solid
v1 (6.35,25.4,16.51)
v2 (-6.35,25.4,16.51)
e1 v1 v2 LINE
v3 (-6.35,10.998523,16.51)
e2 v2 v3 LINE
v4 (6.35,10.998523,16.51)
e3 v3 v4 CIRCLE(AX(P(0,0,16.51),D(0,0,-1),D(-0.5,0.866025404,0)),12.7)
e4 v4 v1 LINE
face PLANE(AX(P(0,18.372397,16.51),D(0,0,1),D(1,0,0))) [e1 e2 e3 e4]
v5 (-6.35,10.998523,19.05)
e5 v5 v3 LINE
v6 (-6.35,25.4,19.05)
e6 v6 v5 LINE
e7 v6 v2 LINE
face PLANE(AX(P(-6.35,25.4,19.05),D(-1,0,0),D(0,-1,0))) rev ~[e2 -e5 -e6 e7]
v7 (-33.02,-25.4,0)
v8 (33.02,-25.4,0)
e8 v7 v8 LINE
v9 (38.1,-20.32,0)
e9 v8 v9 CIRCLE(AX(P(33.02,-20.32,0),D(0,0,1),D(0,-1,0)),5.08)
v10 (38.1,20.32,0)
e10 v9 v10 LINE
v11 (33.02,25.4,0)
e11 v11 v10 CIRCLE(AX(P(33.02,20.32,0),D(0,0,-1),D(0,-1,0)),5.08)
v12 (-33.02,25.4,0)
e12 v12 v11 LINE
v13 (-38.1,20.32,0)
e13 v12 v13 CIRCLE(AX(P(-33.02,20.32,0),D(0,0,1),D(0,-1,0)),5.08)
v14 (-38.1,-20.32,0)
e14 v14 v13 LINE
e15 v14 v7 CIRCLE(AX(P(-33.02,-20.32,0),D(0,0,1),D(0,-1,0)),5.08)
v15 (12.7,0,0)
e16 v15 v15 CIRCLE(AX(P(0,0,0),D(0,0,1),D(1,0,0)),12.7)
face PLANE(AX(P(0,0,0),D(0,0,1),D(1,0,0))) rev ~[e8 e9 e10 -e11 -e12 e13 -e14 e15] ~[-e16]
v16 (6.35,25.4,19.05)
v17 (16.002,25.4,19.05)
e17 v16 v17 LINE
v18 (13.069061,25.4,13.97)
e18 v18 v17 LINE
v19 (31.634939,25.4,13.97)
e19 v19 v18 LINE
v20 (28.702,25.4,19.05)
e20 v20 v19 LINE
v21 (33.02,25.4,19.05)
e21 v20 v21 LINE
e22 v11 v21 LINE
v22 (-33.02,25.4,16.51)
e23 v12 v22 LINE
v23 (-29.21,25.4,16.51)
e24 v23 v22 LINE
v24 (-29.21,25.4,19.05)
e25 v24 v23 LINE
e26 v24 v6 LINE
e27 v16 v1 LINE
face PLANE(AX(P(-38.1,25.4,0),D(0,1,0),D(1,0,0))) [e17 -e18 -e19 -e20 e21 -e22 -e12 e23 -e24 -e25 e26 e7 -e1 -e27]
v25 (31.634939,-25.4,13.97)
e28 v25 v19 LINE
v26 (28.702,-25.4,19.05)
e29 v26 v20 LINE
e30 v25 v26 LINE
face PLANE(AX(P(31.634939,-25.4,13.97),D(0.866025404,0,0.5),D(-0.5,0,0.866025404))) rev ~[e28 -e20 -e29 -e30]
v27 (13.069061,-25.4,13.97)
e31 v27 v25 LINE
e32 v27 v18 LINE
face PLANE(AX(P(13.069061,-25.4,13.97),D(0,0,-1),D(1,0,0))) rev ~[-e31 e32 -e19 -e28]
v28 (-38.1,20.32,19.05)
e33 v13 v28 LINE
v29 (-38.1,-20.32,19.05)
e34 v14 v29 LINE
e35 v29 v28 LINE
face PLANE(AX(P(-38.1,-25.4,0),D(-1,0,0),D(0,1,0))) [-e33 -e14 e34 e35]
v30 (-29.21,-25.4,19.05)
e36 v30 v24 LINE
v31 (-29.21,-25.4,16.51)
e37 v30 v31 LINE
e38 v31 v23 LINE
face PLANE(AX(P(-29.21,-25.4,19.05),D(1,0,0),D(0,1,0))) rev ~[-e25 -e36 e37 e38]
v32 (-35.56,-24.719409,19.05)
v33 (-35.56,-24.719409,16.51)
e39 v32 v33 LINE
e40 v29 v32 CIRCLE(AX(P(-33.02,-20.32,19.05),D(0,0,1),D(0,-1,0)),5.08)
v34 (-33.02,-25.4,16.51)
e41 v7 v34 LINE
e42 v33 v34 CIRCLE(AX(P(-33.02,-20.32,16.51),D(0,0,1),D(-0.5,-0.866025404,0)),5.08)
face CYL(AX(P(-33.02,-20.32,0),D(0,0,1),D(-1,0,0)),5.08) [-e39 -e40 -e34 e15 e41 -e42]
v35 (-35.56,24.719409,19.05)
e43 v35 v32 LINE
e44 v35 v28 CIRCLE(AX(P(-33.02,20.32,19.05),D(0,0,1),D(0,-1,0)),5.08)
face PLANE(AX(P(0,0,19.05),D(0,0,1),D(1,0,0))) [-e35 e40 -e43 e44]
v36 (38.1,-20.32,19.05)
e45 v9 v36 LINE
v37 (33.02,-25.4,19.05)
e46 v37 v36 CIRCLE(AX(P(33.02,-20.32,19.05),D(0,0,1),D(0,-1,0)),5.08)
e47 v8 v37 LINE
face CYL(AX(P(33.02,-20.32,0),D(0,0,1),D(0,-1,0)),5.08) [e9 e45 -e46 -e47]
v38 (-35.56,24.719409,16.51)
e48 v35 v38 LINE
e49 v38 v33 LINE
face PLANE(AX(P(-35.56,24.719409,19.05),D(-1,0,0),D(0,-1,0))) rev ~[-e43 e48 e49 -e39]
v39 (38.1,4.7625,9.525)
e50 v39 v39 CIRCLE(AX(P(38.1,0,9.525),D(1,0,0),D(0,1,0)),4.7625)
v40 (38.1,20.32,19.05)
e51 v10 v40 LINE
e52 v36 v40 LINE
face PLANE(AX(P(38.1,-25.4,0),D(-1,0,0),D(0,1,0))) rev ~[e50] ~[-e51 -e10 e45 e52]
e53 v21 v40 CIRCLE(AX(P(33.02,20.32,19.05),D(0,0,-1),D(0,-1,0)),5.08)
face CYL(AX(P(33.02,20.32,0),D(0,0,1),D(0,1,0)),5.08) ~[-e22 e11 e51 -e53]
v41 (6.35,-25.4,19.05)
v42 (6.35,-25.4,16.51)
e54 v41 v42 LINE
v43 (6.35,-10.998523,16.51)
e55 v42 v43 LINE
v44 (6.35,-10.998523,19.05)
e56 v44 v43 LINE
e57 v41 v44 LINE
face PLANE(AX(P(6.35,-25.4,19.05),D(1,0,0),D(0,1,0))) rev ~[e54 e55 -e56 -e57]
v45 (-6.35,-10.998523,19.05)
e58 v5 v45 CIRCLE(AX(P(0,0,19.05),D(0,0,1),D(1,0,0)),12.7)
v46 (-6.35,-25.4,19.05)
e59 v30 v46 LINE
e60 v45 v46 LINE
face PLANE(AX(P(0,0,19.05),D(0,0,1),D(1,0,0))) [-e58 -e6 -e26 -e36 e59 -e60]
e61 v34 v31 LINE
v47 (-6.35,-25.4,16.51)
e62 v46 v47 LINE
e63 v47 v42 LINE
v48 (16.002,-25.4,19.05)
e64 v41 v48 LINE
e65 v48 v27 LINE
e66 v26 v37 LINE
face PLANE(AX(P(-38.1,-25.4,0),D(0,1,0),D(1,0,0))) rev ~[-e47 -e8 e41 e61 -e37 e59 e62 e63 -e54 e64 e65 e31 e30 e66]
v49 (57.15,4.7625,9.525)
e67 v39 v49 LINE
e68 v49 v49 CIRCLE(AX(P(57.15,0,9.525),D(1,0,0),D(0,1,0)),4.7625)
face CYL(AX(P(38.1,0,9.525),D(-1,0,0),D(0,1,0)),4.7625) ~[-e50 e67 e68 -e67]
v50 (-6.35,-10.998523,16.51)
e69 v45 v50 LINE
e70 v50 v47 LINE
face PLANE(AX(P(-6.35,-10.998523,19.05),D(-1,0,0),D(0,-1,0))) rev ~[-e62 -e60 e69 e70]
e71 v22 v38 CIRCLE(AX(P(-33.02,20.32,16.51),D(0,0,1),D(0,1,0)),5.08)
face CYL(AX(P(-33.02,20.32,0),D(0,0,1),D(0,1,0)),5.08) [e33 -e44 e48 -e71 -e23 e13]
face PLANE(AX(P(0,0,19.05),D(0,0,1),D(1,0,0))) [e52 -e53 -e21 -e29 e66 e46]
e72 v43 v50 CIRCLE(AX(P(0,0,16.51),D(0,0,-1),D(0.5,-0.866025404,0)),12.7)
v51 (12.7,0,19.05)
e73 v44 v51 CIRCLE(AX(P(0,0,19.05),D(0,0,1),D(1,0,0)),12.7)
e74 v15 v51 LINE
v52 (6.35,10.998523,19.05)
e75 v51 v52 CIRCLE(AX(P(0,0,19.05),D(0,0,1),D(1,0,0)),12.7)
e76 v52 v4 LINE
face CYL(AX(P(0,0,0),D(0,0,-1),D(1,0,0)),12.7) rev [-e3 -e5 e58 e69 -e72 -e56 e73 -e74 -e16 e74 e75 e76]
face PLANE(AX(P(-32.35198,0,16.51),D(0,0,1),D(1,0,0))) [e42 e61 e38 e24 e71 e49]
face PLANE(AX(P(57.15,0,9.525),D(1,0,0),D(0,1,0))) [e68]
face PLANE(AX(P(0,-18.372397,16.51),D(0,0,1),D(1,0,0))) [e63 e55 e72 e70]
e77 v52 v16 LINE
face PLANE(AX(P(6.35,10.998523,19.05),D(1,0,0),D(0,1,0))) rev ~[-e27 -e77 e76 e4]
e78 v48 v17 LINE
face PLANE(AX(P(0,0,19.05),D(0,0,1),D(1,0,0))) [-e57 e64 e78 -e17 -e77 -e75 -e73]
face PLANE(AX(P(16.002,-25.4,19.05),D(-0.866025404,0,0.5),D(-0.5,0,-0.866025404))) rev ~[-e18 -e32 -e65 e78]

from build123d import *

# Parameters (mm, degrees)
F0_W      = 76.2
F0_H      = 50.8
F0_R      = 12.7
F1_DEPTH  = 19.05
F2_R      = 5.08
F3_R      = 5.08
F4_R      = 5.08
F6_DEPTH  = 2.54
F7_R      = 4.7625
F8_DEPTH  = 19.05
F10_DEPTH = 50.801


with BuildPart() as f1:
    # F0 (on Top) → F1 (new body)
    with BuildSketch(Plane.XY):
        Rectangle(F0_W, F0_H)
        Circle(F0_R, mode=Mode.SUBTRACT)
    extrude(amount=F1_DEPTH)

    # F2
    f2_edges = [f1.edges().sort_by_distance(p)[0] for p in [
        (-38.1, -25.4, 9.525),
    ]]
    fillet(f2_edges, radius=F2_R)

    # F3
    f3_edges = [f1.edges().sort_by_distance(p)[0] for p in [
        (38.1, -25.4, 9.525),
        (38.1, 25.4, 9.525),
    ]]
    fillet(f3_edges, radius=F3_R)

    # F4
    f4_edges = [f1.edges().sort_by_distance(p)[0] for p in [
        (-38.1, 25.4, 9.525),
    ]]
    fillet(f4_edges, radius=F4_R)

    # F5 (on face) → F6 (cut)
    with BuildSketch(Plane.XY.offset(19.05)):
        with BuildLine():
            Line((-29.21, 25.4), (-33.02, 25.4))
            ThreePointArc((-33.02, 25.4), (-34.3348007491, 25.2269031975), (-35.56, 24.7194090512))
            Line((-35.56, 24.7194090512), (-35.56, -24.7194090512))
            ThreePointArc((-35.56, -24.7194090512), (-34.3348007491, -25.2269031975), (-33.02, -25.4))
            Line((-33.02, -25.4), (-29.21, -25.4))
            Line((-29.21, -25.4), (-29.21, 25.4))
        make_face()
        with BuildLine():
            Line((-6.35, -10.9985226281), (-6.35, -25.4))
            Line((-6.35, -25.4), (6.35, -25.4))
            Line((6.35, -25.4), (6.35, -10.9985226281))
            ThreePointArc((6.35, -10.9985226281), (0, -12.7), (-6.35, -10.9985226281))
        make_face()
        with BuildLine():
            Line((6.35, 25.4), (-6.35, 25.4))
            Line((-6.35, 25.4), (-6.35, 10.9985226281))
            ThreePointArc((-6.35, 10.9985226281), (0, 12.7), (6.35, 10.9985226281))
            Line((6.35, 10.9985226281), (6.35, 25.4))
        make_face()
    extrude(amount=-F6_DEPTH, mode=Mode.SUBTRACT)

    # F7 (on face) → F8 (join)
    with BuildSketch(Plane.YZ.offset(38.1)):
        with Locations((0, 9.525)):
            Circle(F7_R)
    extrude(amount=F8_DEPTH)

    # F9 (on face) → F10 (cut, through all)
    with BuildSketch(Plane.XZ.offset(25.4)):
        Polygon((28.702, 19.05), (16.002, 19.05), (13.0690606325, 13.97), (31.6349393675, 13.97), align=None)
    extrude(amount=-F10_DEPTH, mode=Mode.SUBTRACT)


solid = f1.part
